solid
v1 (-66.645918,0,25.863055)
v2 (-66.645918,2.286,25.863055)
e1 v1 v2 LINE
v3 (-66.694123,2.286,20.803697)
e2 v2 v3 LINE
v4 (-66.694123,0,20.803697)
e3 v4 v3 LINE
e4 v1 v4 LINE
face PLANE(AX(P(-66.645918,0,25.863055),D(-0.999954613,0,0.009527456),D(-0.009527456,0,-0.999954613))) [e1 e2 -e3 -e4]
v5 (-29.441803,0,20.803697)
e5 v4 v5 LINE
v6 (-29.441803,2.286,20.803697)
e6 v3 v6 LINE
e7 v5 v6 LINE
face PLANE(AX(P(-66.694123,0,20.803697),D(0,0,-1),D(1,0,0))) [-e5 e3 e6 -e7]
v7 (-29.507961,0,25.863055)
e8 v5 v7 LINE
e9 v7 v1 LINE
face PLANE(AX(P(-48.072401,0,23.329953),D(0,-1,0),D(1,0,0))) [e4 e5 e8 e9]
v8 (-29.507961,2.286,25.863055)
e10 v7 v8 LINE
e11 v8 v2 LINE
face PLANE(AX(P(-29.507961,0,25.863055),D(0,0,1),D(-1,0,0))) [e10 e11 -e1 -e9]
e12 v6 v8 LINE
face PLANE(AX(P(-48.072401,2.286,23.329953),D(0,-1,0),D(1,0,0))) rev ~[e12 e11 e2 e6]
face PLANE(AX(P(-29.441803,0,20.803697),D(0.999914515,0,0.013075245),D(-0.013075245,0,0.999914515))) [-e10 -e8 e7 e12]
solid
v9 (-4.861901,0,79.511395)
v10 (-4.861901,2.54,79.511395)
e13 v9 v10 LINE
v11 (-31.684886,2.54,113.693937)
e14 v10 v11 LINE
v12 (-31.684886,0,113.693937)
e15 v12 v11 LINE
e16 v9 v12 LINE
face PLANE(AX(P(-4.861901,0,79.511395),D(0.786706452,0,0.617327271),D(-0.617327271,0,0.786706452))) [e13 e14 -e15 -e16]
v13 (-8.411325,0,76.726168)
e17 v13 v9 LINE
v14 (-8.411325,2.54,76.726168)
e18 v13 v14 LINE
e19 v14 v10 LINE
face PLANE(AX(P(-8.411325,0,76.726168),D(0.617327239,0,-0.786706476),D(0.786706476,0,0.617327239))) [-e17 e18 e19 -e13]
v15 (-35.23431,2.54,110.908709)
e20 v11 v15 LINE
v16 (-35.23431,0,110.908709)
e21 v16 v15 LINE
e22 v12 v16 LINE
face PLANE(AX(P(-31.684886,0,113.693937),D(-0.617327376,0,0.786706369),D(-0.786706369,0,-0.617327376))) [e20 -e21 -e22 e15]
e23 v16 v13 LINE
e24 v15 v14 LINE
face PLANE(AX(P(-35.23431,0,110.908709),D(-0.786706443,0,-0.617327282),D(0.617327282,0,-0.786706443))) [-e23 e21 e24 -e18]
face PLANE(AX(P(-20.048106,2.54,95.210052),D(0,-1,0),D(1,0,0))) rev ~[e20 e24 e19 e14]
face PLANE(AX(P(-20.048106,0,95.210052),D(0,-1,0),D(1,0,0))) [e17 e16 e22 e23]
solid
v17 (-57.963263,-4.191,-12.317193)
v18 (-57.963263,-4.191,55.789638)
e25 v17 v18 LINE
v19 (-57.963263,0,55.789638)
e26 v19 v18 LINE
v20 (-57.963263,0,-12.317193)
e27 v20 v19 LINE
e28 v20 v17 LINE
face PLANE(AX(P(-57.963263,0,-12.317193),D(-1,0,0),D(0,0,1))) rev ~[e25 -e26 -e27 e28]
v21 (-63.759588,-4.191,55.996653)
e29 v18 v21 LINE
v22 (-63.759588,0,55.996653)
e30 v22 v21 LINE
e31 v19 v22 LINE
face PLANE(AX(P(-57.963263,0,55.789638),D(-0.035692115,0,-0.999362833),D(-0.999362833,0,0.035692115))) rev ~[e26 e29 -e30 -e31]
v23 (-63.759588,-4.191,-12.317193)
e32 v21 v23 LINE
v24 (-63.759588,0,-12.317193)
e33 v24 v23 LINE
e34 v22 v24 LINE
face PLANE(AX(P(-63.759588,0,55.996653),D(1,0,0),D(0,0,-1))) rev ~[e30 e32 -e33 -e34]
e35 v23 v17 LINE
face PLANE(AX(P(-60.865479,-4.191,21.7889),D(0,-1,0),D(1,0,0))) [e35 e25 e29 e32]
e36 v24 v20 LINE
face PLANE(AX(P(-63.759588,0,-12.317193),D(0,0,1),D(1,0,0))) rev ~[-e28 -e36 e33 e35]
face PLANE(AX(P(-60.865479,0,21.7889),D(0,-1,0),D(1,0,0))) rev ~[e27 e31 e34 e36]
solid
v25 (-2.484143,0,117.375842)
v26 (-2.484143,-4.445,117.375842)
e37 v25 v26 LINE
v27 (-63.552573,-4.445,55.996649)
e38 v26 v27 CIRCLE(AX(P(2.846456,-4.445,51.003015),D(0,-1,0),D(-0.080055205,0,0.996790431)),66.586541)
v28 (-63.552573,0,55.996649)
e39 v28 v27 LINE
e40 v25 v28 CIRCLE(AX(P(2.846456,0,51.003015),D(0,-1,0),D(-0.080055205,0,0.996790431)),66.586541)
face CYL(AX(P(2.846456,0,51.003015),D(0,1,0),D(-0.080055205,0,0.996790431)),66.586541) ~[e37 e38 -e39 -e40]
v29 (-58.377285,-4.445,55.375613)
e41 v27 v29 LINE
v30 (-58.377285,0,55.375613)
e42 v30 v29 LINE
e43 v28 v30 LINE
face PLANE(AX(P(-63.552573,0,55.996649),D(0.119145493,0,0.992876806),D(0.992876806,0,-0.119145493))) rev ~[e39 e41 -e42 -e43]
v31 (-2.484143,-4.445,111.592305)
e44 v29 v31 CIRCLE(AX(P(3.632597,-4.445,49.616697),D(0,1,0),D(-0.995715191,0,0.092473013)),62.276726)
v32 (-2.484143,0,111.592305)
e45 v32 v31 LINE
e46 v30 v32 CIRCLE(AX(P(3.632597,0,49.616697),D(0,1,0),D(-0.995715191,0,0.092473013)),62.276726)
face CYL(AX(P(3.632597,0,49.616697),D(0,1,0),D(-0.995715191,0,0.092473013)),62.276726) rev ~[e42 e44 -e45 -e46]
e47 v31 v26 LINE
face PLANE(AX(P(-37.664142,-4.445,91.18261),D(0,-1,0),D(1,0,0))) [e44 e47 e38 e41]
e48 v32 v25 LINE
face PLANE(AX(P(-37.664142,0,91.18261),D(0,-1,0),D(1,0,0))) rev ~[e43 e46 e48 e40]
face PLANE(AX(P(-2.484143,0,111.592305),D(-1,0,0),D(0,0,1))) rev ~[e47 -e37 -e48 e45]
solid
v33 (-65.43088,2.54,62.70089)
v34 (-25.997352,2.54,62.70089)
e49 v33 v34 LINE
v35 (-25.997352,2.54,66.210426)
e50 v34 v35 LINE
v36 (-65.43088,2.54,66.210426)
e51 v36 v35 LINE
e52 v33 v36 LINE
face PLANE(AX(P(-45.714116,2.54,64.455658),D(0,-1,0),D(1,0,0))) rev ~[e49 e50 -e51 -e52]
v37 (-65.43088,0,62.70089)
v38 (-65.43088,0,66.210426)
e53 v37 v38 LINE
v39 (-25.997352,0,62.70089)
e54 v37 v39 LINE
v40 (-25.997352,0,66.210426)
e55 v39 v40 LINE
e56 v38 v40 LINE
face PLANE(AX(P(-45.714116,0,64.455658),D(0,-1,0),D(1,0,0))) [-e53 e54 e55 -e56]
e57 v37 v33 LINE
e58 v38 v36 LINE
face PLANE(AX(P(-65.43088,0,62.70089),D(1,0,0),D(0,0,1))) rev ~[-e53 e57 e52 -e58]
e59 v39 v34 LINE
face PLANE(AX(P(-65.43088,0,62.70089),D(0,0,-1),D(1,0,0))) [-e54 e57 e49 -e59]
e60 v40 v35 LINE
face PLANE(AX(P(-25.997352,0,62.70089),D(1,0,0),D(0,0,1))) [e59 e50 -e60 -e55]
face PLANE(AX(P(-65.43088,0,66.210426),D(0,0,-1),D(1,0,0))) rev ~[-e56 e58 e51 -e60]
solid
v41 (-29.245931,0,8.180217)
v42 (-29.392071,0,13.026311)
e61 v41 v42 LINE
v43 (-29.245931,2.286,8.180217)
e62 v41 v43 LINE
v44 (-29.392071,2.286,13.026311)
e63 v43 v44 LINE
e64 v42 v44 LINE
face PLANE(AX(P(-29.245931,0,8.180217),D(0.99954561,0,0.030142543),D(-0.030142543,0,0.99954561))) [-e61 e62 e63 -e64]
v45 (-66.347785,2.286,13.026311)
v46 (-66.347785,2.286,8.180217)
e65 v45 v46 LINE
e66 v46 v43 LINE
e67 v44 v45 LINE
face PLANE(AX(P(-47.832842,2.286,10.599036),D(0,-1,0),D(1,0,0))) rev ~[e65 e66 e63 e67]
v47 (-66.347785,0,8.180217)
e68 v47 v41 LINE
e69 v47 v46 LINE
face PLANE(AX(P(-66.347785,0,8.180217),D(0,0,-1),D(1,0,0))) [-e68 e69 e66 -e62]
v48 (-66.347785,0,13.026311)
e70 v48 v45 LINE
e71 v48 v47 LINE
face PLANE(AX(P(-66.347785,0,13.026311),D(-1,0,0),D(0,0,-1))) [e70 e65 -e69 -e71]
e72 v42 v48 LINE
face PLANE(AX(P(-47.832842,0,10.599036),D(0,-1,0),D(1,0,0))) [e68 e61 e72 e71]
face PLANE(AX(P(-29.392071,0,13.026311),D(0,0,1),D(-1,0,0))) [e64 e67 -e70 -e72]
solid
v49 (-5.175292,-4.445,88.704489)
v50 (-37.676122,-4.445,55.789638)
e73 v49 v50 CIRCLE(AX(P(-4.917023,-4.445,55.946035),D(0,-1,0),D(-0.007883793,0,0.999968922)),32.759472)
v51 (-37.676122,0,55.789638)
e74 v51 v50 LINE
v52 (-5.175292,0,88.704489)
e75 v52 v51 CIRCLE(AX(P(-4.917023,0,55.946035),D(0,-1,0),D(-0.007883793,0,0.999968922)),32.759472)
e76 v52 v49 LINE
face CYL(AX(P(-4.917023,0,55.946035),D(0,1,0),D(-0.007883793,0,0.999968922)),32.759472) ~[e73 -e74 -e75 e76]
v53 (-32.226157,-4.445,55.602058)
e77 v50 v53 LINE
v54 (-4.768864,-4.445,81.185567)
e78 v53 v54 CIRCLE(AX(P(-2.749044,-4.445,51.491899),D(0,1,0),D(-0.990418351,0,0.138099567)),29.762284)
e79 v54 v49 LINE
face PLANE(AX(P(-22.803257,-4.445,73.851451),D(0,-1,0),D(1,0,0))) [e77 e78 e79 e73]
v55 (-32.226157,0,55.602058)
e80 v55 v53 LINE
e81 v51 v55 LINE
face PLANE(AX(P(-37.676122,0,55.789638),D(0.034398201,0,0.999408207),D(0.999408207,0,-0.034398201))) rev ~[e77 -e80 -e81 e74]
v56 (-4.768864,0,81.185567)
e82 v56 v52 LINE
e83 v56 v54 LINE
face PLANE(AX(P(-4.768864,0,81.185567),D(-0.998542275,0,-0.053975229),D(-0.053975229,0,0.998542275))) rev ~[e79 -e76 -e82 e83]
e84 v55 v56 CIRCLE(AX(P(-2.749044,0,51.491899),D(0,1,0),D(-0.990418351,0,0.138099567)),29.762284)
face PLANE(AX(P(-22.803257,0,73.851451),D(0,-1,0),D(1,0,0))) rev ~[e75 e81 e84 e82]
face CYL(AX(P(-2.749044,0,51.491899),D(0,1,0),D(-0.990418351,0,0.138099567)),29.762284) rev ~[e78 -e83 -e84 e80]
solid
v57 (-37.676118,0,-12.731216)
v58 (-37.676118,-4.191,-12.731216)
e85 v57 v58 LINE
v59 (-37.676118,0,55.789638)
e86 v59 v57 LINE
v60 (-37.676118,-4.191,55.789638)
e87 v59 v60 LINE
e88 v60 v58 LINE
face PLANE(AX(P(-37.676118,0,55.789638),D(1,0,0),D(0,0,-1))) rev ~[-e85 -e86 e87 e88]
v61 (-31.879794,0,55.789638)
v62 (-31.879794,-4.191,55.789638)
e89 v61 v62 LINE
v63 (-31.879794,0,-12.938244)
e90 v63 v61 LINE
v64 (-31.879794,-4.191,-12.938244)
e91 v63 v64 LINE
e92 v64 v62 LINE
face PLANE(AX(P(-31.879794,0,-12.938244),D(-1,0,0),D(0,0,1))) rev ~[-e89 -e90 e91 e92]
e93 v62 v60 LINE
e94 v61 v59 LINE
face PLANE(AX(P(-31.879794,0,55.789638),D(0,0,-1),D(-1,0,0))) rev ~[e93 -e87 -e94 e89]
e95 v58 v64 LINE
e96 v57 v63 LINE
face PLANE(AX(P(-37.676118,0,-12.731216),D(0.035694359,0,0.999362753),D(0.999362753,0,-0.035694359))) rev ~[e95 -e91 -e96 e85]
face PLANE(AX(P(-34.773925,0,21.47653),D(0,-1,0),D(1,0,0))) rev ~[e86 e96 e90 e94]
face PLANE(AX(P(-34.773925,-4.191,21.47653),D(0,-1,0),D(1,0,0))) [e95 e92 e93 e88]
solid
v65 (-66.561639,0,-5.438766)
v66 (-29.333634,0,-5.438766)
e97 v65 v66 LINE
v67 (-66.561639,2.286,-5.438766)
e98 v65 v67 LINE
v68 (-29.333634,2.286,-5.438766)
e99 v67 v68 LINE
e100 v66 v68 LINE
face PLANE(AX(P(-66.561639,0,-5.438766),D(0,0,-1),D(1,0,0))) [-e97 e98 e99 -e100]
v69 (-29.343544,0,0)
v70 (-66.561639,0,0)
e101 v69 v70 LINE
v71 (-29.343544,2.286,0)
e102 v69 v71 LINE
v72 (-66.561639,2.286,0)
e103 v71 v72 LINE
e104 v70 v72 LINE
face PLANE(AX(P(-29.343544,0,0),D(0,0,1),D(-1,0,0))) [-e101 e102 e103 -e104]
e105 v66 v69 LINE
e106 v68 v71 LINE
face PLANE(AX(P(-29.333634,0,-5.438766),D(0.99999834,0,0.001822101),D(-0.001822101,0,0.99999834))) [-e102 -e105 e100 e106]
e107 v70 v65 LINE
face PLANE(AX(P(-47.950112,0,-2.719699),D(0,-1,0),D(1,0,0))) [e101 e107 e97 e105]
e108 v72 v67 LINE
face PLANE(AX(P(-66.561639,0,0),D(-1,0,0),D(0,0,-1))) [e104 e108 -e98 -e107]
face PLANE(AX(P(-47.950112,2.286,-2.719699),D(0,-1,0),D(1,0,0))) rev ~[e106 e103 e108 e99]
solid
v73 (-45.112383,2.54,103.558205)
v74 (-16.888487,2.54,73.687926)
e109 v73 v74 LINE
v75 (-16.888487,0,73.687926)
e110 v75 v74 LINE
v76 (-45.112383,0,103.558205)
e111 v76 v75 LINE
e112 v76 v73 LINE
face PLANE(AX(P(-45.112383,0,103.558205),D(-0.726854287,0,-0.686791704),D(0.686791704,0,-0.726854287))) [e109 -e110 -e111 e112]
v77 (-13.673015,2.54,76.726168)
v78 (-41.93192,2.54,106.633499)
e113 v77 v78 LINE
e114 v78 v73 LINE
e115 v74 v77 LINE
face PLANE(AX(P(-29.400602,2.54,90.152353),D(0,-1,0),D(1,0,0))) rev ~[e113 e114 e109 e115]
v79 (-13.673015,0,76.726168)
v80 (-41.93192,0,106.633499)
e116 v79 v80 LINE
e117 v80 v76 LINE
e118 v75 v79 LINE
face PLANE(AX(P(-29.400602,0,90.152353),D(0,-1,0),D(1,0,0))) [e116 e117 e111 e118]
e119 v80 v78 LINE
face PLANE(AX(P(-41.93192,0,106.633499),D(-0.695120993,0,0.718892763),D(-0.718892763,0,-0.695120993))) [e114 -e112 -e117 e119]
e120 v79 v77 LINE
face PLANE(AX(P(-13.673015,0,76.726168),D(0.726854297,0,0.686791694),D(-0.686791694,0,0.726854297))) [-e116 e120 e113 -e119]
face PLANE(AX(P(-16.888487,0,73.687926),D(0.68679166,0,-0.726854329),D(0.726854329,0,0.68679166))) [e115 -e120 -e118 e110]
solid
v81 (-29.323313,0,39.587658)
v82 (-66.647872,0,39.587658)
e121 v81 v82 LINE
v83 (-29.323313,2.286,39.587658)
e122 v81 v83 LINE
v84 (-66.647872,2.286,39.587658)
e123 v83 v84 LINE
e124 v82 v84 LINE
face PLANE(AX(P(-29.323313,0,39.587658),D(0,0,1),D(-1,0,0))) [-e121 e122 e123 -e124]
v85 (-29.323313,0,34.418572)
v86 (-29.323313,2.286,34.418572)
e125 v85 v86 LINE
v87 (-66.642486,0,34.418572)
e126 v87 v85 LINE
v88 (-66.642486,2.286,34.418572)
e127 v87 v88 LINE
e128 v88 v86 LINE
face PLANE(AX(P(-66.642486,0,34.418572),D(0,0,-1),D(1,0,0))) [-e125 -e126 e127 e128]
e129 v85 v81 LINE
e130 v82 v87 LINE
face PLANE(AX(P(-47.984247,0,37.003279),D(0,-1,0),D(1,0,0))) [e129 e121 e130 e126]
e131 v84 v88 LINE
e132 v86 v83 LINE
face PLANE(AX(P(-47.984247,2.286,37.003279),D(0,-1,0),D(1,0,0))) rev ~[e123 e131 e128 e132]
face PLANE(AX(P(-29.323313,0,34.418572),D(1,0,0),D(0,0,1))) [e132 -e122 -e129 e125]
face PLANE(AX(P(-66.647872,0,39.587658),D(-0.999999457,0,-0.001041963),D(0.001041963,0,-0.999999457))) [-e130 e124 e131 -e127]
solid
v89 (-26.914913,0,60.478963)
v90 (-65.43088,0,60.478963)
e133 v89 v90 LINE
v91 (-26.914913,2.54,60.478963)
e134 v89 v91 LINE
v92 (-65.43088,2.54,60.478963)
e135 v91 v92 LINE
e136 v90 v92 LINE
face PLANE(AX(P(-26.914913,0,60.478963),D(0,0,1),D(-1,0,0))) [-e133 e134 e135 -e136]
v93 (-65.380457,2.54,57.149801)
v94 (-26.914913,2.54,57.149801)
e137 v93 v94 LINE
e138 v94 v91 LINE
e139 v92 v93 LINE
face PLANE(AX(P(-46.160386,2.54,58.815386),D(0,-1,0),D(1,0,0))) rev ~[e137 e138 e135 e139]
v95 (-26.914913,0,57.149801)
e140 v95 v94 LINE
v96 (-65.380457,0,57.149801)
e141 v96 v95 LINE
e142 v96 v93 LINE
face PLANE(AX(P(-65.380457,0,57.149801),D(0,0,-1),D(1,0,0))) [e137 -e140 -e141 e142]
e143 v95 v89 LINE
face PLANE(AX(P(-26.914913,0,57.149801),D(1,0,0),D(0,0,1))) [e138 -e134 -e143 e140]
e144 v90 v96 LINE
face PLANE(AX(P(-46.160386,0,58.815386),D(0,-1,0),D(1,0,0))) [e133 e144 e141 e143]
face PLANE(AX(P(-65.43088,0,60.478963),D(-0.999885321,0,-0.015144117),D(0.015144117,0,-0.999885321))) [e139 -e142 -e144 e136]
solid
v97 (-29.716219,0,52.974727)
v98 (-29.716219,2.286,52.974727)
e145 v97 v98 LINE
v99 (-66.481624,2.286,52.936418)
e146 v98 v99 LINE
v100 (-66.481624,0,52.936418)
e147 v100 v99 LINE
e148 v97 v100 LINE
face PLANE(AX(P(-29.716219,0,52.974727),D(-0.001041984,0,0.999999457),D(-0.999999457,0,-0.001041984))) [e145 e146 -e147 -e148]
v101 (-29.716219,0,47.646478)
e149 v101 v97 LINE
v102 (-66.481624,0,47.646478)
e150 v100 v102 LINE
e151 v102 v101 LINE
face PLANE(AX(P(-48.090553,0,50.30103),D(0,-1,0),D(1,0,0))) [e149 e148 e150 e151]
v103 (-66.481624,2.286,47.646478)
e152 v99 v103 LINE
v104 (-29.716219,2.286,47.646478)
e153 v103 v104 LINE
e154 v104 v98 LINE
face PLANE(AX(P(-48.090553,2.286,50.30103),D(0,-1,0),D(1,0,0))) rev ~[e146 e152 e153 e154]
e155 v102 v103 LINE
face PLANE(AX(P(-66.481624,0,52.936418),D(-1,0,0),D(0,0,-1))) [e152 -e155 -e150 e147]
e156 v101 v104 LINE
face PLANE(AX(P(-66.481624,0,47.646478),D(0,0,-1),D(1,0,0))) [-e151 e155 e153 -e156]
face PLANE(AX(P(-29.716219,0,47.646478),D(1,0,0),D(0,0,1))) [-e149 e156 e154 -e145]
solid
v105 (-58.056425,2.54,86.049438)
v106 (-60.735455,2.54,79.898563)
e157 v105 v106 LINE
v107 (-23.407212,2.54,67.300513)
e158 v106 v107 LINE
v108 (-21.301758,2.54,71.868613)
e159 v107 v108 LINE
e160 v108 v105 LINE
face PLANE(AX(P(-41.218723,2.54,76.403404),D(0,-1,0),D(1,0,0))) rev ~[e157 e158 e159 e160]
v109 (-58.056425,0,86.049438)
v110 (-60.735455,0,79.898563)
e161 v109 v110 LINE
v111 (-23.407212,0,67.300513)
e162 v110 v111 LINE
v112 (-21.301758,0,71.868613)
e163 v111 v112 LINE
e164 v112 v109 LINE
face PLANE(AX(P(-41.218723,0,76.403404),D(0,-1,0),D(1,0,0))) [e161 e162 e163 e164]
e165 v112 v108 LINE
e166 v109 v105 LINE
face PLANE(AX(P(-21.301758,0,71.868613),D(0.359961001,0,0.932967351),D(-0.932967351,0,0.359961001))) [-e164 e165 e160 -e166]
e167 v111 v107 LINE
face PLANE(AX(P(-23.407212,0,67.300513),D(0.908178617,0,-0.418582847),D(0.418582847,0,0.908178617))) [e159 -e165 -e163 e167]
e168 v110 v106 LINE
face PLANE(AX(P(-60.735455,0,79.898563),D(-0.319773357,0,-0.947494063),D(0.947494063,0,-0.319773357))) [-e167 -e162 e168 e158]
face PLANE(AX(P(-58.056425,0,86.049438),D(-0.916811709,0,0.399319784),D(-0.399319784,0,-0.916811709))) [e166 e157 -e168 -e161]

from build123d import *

# Parameters (mm, degrees)
F1_DEPTH = 4.191
F3_DEPTH = 2.286
F5_DEPTH = 4.445
F6_W     = 39.433528
F6_H     = 3.509536
F7_DEPTH = 2.54


with BuildPart() as f1:
    # F0 (on Front) → F1 (new body)
    with BuildSketch(Plane.XZ):
        Polygon((-57.963263, 55.789638), (-63.759588, 55.996653), (-63.759588, -12.317193), (-57.963263, -12.317193), align=None)
        Polygon((-37.676118, 55.789638), (-37.676118, -12.731216), (-31.879794, -12.938244), (-31.879794, 55.789638), align=None)
    extrude(amount=F1_DEPTH)


with BuildPart() as f3:
    # F2 (on Front) → F3 (new body)
    with BuildSketch(Plane.XZ):
        Polygon((-29.343544, 0), (-66.561639, 0), (-66.561639, -5.438766), (-29.333634, -5.438766), align=None)
        Polygon((-29.392071, 13.026311), (-66.347785, 13.026311), (-66.347785, 8.180217), (-29.245931, 8.180217), align=None)
        Polygon((-29.507961, 25.863055), (-66.645918, 25.863055), (-66.694123, 20.803697), (-29.441803, 20.803697), align=None)
        Polygon((-29.323313, 39.587658), (-66.647872, 39.587658), (-66.642486, 34.418572), (-29.323313, 34.418572), align=None)
        Polygon((-29.716219, 52.974727), (-66.481624, 52.936418), (-66.481624, 47.646478), (-29.716219, 47.646478), align=None)
    extrude(amount=-F3_DEPTH)


with BuildPart() as f5:
    # F4 (on Front) → F5 (new body)
    with BuildSketch(Plane.XZ):
        with BuildLine():
            Line((-2.484143, 111.592305), (-2.484143, 117.375842))
            ThreePointArc((-2.484143, 117.375842), (-44.356682, 97.967163), (-63.552573, 55.996649))
            Line((-63.552573, 55.996649), (-58.377285, 55.375613))
            ThreePointArc((-58.377285, 55.375613), (-40.530603, 93.52572), (-2.484143, 111.592305))
        make_face()
        with BuildLine():
            Line((-4.768864, 81.185567), (-5.175292, 88.704489))
            ThreePointArc((-5.175292, 88.704489), (-28.227611, 78.963409), (-37.676122, 55.789638))
            Line((-37.676122, 55.789638), (-32.226157, 55.602058))
            ThreePointArc((-32.226157, 55.602058), (-23.038036, 73.266894), (-4.768864, 81.185567))
        make_face()
    extrude(amount=F5_DEPTH)


with BuildPart() as f7:
    # F6 (on Front) → F7 (new body)
    with BuildSketch(Plane.XZ):
        Polygon((-26.914913, 60.478963), (-65.43088, 60.478963), (-65.380457, 57.149801), (-26.914913, 57.149801), align=None)
        Polygon((-58.056425, 86.049438), (-60.735455, 79.898563), (-23.407212, 67.300513), (-21.301758, 71.868613), align=None)
        Polygon((-41.93192, 106.633499), (-45.112383, 103.558205), (-16.888487, 73.687926), (-13.673015, 76.726168), align=None)
        Polygon((-31.684886, 113.693937), (-35.23431, 110.908709), (-8.411325, 76.726168), (-4.861901, 79.511395), align=None)
        with Locations((-45.714116, 64.455658)):
            Rectangle(F6_W, F6_H)
    extrude(amount=-F7_DEPTH)


solid = Compound([f1.part, f3.part, f5.part, f7.part])
